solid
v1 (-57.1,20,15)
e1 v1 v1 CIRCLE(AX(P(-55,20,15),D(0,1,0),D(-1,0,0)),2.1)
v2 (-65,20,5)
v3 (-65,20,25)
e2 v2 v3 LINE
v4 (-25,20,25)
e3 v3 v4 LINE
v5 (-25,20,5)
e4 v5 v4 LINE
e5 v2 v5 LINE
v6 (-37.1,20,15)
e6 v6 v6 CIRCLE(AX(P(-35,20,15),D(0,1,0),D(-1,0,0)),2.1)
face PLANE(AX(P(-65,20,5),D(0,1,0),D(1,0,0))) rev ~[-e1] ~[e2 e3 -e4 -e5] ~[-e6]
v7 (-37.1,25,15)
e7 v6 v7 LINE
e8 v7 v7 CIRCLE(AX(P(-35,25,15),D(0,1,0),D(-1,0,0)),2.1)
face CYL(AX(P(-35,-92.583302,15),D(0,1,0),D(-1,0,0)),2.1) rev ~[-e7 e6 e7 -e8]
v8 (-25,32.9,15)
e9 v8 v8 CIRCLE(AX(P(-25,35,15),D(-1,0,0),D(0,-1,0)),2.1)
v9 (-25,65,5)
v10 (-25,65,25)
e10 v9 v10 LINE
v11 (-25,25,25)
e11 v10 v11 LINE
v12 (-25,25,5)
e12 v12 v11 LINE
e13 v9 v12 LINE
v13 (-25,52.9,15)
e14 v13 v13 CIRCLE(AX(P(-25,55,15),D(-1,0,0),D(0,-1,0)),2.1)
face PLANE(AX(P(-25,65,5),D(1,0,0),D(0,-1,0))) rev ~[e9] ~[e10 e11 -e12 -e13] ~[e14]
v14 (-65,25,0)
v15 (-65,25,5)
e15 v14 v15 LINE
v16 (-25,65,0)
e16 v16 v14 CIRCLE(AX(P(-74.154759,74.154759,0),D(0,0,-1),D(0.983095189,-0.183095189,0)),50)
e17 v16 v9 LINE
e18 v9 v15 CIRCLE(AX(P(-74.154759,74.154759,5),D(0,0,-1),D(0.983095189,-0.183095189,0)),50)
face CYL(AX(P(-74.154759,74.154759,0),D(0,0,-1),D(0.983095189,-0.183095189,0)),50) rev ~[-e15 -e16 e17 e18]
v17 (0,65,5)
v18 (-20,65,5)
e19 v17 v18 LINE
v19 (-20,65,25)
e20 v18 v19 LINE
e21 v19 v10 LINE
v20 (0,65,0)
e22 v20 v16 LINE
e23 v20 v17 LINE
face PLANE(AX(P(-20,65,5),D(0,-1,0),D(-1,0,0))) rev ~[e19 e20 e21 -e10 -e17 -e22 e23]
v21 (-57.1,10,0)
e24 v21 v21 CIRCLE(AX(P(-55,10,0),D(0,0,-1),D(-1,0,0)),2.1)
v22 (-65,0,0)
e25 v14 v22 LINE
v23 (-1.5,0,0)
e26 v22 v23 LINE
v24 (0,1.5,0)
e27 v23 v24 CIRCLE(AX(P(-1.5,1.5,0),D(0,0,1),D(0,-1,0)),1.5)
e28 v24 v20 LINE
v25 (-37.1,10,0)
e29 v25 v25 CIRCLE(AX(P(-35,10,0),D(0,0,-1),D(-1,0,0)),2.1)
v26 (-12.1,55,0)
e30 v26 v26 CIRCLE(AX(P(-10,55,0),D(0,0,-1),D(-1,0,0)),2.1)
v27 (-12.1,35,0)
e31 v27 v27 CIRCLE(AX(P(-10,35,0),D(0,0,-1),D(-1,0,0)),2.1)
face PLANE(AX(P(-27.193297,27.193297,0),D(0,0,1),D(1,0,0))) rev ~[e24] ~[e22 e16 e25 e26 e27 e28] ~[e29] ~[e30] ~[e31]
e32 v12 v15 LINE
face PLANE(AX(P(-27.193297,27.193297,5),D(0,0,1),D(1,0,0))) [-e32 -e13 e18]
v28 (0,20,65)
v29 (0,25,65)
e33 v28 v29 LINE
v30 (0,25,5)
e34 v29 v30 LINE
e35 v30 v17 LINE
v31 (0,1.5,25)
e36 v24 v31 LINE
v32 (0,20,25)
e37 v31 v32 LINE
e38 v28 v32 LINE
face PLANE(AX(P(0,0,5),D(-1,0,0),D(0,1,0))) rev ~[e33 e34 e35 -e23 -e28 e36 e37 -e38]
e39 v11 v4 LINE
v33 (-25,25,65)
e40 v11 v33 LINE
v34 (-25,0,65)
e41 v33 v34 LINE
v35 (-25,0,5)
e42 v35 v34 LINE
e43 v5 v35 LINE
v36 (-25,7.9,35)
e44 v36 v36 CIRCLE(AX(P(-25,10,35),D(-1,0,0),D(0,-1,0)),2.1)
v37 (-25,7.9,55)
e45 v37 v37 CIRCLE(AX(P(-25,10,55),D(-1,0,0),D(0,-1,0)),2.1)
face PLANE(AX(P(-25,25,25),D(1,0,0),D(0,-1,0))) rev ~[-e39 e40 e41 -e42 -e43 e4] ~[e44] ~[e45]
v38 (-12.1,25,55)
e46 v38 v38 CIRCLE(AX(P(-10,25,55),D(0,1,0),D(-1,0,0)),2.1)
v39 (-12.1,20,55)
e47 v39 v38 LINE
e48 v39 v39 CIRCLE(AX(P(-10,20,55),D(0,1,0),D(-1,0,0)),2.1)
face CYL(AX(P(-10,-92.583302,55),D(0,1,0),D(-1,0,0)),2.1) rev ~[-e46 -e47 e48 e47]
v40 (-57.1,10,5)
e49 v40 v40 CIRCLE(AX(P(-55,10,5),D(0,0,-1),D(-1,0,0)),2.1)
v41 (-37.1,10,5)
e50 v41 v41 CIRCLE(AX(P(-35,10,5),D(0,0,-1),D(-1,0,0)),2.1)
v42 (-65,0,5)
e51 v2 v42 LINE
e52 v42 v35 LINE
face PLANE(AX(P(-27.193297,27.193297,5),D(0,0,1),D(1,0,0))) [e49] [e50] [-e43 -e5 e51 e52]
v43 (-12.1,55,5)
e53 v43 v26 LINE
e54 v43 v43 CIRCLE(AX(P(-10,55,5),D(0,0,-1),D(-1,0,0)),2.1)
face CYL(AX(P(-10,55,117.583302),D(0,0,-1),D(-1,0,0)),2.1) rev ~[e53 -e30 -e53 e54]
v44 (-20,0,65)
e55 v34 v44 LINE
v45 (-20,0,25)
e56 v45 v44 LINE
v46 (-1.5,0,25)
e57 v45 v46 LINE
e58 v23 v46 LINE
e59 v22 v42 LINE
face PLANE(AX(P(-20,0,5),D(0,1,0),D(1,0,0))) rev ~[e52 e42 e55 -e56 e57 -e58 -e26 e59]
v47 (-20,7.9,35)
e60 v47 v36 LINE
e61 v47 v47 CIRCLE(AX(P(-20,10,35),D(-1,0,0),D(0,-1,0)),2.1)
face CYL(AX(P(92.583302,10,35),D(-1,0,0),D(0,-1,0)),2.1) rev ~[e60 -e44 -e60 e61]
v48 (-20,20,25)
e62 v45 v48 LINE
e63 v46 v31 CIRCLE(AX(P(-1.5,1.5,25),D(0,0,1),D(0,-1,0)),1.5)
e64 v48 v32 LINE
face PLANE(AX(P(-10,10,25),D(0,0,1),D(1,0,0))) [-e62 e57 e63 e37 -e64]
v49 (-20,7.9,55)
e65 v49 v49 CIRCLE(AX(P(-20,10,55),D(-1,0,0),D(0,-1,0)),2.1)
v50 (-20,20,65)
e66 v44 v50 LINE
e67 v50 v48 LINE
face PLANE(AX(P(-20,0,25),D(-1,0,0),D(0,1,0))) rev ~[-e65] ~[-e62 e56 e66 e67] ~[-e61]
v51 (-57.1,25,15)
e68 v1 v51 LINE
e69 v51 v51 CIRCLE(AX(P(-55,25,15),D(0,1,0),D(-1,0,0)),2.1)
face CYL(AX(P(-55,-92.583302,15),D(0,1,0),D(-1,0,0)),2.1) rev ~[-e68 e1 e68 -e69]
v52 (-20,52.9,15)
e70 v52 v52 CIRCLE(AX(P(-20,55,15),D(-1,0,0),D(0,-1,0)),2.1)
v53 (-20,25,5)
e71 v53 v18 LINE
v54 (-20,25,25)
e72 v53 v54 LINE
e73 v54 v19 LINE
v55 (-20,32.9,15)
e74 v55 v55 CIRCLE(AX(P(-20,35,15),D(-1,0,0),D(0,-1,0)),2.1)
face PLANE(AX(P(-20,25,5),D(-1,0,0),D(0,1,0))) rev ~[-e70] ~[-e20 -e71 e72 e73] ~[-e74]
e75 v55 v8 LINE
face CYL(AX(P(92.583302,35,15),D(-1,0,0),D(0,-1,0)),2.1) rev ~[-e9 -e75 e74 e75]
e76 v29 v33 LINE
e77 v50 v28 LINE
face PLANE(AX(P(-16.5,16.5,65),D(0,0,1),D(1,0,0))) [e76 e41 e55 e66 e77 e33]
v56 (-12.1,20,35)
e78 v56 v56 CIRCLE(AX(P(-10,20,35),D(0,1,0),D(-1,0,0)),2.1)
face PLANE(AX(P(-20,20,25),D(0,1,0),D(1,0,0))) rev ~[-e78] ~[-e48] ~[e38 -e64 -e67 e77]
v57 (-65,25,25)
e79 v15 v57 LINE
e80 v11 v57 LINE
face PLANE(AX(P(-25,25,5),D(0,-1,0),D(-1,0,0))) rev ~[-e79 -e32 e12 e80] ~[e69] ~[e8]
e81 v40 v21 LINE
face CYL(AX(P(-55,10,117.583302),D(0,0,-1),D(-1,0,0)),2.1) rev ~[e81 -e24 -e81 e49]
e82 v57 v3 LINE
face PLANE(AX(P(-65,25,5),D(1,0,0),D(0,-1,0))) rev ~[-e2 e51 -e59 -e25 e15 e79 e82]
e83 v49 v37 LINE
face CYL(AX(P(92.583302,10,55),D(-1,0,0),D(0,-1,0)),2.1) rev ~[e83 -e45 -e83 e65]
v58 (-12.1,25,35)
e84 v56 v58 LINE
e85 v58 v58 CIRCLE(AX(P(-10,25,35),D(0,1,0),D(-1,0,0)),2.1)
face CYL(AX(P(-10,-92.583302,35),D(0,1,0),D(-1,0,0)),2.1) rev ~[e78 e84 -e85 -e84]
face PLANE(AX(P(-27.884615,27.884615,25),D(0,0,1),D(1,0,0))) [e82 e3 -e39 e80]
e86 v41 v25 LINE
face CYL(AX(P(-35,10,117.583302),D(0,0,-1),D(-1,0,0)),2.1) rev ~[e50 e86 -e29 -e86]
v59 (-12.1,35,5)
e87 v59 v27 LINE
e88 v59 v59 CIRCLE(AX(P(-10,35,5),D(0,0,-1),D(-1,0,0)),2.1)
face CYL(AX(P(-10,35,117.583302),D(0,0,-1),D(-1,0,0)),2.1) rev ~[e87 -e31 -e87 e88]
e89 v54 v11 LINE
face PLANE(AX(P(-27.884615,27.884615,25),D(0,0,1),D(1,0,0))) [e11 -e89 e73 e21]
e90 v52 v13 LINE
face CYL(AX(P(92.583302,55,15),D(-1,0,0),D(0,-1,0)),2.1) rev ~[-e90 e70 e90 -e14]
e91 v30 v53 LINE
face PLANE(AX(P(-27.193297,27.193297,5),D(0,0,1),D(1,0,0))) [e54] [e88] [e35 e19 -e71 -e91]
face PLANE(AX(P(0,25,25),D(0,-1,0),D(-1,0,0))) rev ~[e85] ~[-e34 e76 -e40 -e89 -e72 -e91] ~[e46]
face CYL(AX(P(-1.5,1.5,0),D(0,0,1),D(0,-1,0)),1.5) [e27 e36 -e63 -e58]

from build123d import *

# Parameters (mm, degrees)
F1_DEPTH     = 5
F3_DEPTH     = 20
F5_DEPTH     = 40
F6_W         = 20
F6_H         = 20
F7_DEPTH     = 20
F8_R         = 1.5
F12_D        = 4.2
F12_ON_F11_D = 4.2
F12_ON_F10_D = 4.2


with BuildPart() as f1:
    # F0 (on Top) → F1 (new body)
    with BuildSketch(Plane.XY):
        with BuildLine():
            Line((-65, 0), (0, 0))
            Line((0, 0), (0, 65))
            Line((0, 65), (-25, 65))
            ThreePointArc((-25, 65), (-38.7994204149, 38.7994204149), (-65, 25))
            Line((-65, 25), (-65, 0))
        make_face()
    extrude(amount=F1_DEPTH)

    # F2 (on face) → F3 (join)
    with BuildSketch(Plane.XY.offset(5)):
        Polygon((-25, 25), (-65, 25), (-65, 20), (-25, 20), (-25, 0), (-20, 0), (-20, 20), (0, 20), (0, 25), (-20, 25), (-20, 65), (-25, 65), align=None)
    extrude(amount=F3_DEPTH)

    # F4 (on face) → F5 (join)
    with BuildSketch(Plane.XY.offset(25)):
        Polygon((0, 25), (-25, 25), (-25, 0), (-20, 0), (-20, 20), (0, 20), align=None)
    extrude(amount=F5_DEPTH)

    # F6 (on face) → F7 (join)
    with BuildSketch(Plane.XY.offset(5)):
        with Locations((-10, 10)):
            Rectangle(F6_W, F6_H)
    extrude(amount=F7_DEPTH)

    # F8
    f8_edges = [f1.edges().sort_by_distance(p)[0] for p in [
        (0, 0, 12.5),
    ]]
    fillet(f8_edges, radius=F8_R)

    # F12 (through all)
    with Locations(Plane.XZ.offset(-20)):
        with Locations((-55, 15), (-35, 15), (-10, 35), (-10, 55)):
            Hole(F12_D / 2)

    # F12 on F11 (through all)
    with Locations(Plane.XY.offset(5)):
        with Locations((-35, 10), (-55, 10), (-10, 55), (-10, 35)):
            Hole(F12_ON_F11_D / 2)

    # F12 on F10 (through all)
    with Locations(Plane.YZ.offset(-20)):
        with Locations((10, 35), (10, 55), (35, 15), (55, 15)):
            Hole(F12_ON_F10_D / 2)


solid = f1.part
